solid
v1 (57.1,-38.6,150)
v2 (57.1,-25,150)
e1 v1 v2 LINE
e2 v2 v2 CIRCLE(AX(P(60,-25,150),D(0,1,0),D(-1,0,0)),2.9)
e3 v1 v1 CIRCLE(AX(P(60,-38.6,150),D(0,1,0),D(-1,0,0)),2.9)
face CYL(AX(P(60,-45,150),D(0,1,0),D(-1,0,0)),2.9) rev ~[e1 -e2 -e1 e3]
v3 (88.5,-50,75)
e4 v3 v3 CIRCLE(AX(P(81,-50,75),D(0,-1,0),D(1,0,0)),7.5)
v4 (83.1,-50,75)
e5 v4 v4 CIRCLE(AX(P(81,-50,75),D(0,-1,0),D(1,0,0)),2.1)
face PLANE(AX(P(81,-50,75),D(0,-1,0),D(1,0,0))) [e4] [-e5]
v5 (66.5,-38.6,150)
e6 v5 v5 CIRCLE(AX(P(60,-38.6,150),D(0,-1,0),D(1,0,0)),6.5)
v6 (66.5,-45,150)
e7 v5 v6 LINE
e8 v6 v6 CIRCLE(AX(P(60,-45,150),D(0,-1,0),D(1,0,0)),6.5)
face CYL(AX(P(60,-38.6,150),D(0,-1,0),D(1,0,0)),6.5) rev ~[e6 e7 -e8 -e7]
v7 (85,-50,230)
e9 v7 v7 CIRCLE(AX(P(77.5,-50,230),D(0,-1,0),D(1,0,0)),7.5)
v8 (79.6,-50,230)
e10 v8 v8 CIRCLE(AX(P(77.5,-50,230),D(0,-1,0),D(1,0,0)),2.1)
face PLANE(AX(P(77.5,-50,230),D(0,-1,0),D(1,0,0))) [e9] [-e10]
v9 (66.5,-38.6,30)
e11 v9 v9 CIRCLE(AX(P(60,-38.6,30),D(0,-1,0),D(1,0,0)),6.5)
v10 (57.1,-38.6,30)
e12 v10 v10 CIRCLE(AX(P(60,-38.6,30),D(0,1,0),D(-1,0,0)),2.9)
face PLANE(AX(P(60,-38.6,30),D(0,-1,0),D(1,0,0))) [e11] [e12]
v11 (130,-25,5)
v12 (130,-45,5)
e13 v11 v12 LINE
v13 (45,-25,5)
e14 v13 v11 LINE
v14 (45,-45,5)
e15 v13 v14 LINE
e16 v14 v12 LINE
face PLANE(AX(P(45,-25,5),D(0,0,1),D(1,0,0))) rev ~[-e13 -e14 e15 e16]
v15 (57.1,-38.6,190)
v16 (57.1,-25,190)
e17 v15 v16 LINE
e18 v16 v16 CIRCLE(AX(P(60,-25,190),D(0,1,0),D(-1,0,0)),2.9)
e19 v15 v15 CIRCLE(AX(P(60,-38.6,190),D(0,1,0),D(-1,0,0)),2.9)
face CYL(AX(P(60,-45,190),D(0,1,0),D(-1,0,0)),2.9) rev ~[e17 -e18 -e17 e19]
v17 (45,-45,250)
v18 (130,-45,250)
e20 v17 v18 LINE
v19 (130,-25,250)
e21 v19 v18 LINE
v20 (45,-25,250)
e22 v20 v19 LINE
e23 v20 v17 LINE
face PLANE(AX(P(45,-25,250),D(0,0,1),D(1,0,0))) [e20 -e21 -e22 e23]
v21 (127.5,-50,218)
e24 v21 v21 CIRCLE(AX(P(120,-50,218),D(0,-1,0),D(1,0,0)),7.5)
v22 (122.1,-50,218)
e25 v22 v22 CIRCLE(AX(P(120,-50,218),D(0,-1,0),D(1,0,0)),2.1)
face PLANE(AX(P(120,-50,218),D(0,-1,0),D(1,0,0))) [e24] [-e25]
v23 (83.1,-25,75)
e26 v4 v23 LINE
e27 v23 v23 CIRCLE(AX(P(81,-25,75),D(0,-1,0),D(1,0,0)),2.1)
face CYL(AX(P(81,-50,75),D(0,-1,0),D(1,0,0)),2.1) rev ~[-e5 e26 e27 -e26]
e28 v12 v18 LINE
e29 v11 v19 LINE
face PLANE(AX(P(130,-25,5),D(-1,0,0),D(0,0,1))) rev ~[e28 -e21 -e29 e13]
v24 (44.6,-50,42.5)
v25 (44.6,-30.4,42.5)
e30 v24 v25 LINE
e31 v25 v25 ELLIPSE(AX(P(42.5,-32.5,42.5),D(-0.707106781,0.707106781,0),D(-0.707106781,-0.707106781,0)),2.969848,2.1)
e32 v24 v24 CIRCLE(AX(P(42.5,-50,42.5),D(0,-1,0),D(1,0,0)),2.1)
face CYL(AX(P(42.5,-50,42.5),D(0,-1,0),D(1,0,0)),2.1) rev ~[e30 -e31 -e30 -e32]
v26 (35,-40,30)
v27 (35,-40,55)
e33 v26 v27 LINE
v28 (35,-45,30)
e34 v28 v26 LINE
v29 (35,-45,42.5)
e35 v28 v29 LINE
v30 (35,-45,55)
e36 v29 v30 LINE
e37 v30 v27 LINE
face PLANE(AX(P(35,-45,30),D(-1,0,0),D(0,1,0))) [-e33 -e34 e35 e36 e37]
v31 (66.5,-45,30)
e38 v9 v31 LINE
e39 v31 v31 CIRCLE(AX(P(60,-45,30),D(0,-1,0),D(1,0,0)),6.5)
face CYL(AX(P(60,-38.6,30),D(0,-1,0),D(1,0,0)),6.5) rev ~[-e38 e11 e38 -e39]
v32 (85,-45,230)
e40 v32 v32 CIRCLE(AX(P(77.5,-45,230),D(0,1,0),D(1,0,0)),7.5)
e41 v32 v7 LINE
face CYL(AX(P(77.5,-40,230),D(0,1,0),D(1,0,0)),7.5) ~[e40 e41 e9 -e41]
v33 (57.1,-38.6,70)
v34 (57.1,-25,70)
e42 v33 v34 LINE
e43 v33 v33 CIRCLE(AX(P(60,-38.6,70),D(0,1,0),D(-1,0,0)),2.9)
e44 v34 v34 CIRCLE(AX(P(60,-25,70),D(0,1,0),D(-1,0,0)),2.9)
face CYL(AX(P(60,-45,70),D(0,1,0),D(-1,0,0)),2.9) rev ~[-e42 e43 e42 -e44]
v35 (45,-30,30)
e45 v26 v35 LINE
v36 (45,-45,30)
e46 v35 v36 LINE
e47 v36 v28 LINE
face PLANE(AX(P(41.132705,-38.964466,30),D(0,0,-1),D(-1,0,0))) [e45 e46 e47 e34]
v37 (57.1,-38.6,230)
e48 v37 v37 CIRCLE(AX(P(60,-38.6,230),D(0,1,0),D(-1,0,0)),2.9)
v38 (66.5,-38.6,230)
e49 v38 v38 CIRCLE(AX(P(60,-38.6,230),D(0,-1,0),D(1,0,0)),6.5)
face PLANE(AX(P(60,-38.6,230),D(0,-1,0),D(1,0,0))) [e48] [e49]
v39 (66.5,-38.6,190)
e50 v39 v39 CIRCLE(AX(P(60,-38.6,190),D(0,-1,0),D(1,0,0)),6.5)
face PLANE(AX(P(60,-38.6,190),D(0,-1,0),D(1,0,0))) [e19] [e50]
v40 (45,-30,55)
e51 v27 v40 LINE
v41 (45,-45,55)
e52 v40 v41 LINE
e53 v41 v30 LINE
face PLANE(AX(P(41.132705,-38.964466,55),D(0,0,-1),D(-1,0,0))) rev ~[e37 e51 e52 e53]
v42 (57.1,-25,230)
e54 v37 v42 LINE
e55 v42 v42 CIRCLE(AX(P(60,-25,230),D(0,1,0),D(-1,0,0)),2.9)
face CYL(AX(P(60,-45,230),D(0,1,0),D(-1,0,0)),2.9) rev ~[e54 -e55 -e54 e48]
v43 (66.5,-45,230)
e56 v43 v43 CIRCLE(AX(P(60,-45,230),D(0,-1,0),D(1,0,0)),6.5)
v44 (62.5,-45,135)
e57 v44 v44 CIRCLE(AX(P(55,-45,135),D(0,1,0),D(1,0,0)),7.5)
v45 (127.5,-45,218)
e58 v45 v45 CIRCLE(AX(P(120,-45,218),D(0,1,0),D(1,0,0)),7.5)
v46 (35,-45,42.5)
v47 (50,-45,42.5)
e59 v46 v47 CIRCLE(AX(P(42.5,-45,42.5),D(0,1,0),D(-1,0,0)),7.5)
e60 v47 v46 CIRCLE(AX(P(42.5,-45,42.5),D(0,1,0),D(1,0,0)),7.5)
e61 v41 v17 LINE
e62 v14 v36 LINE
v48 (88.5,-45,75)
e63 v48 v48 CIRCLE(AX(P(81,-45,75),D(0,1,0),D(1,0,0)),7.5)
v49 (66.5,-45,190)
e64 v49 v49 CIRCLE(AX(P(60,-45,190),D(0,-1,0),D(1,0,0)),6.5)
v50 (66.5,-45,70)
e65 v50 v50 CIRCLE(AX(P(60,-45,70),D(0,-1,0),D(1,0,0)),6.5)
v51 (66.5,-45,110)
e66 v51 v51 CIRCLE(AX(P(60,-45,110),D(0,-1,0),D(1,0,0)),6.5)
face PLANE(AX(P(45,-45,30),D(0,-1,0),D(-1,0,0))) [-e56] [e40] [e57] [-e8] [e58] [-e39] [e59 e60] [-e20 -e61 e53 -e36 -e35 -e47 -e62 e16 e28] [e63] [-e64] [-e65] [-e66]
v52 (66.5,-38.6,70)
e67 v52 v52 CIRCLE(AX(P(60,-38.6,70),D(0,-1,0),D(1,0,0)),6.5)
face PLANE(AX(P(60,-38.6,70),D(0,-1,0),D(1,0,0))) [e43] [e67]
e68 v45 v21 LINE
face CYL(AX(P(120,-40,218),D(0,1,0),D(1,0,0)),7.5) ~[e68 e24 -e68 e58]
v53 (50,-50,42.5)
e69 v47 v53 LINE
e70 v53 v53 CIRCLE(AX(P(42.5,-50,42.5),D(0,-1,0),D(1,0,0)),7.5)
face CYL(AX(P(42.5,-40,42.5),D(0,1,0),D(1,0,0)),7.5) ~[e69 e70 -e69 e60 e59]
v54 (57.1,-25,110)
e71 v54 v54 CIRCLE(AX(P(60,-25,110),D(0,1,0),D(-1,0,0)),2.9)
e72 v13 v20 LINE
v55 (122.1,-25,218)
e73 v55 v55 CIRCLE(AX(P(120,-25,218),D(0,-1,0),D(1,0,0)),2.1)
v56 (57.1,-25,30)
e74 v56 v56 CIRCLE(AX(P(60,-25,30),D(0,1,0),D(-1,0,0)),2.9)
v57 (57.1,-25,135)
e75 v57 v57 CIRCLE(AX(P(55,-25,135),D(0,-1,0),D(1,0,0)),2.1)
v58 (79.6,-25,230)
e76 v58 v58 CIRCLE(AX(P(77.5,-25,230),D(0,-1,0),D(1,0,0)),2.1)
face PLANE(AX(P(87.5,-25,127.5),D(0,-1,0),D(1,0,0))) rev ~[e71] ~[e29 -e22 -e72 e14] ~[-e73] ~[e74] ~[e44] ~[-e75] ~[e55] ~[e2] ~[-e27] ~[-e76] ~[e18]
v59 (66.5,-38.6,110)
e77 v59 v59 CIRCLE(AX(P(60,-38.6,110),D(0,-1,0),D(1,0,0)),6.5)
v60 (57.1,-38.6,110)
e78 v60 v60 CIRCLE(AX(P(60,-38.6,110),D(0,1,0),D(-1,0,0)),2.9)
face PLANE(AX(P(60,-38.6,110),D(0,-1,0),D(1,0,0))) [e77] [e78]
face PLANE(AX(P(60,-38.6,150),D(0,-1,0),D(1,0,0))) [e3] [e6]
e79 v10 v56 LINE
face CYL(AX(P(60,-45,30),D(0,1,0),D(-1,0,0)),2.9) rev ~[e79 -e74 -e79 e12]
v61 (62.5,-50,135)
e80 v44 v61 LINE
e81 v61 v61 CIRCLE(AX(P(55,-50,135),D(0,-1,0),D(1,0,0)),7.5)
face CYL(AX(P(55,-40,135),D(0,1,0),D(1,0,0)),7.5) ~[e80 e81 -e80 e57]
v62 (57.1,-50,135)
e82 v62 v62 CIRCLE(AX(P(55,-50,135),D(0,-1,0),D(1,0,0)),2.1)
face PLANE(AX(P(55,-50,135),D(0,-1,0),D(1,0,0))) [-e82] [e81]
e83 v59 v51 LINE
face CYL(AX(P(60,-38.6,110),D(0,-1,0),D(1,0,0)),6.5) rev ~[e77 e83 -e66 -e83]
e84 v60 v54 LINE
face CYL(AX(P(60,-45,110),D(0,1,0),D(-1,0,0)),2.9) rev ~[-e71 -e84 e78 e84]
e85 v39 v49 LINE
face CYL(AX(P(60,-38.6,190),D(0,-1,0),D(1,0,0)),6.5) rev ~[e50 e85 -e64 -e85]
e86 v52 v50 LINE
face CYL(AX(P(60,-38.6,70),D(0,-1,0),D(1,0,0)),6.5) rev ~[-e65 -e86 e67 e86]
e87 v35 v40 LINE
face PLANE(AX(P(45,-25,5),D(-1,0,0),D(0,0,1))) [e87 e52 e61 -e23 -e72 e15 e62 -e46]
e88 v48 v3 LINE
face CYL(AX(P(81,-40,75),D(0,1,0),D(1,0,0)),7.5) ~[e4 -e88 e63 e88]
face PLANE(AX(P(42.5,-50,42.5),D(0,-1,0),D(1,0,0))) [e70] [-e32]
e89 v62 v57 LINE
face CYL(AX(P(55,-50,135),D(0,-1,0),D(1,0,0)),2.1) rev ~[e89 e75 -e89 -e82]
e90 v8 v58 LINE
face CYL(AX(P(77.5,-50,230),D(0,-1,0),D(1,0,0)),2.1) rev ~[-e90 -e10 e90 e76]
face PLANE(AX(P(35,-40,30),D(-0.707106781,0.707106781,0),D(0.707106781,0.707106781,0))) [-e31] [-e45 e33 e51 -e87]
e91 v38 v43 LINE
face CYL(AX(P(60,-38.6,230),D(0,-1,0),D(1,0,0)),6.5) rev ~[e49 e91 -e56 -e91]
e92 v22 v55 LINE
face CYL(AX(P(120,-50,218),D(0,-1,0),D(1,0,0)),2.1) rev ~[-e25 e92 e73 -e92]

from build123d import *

# Parameters (mm, degrees)
SKETCH014_W         = 85
SKETCH014_H         = 245
PAD009_DEPTH        = 20
SKETCH015_R         = 7.5
PAD010_DEPTH        = 10
PAD011_DEPTH        = 25
SKETCH017_R         = 2.1
HOLE005_DEPTH       = 25.001
HOLE006_D           = 5.8
HOLE006_DEPTH       = 25
HOLE006_CBORE_D     = 13
HOLE006_CBORE_DEPTH = 6.4


with BuildPart() as part:
    # Sketch014 → Pad009 (new body)
    with BuildSketch(Plane.XZ.offset(25)):
        with Locations((87.5, 127.5)):
            Rectangle(SKETCH014_W, SKETCH014_H)
    extrude(amount=PAD009_DEPTH)

    # Sketch015 → Pad010 (join)
    with BuildSketch(Plane.XZ.offset(40)):
        with Locations((77.5, 230)):
            Circle(SKETCH015_R)
        with Locations((120, 218)):
            Circle(SKETCH015_R)
        with Locations((55, 135)):
            Circle(SKETCH015_R)
        with Locations((42.5, 42.5)):
            Circle(SKETCH015_R)
        with Locations((81, 75)):
            Circle(SKETCH015_R)
    extrude(amount=PAD010_DEPTH)

    # Sketch016 → Pad011 (join)
    with BuildSketch(Plane.XY.offset(30)):
        Polygon((35, -40), (45, -30), (45, -45), (35, -45), align=None)
    extrude(amount=PAD011_DEPTH)

    # Sketch017 → Hole005 (cut, through all)
    with BuildSketch(Plane.XZ.offset(50)):
        with Locations((77.5, 230)):
            Circle(SKETCH017_R)
        with Locations((120, 218)):
            Circle(SKETCH017_R)
        with Locations((55, 135)):
            Circle(SKETCH017_R)
        with Locations((42.5, 42.5)):
            Circle(SKETCH017_R)
        with Locations((81, 75)):
            Circle(SKETCH017_R)
    extrude(amount=-HOLE005_DEPTH, mode=Mode.SUBTRACT)

    # Hole006
    with Locations(Plane.XZ.offset(45)):
        with Locations((60, 230), (60, 190), (60, 150), (60, 110), (60, 70), (60, 30)):
            CounterBoreHole(HOLE006_D / 2, HOLE006_CBORE_D / 2, HOLE006_CBORE_DEPTH, depth=HOLE006_DEPTH)


solid = part.part
